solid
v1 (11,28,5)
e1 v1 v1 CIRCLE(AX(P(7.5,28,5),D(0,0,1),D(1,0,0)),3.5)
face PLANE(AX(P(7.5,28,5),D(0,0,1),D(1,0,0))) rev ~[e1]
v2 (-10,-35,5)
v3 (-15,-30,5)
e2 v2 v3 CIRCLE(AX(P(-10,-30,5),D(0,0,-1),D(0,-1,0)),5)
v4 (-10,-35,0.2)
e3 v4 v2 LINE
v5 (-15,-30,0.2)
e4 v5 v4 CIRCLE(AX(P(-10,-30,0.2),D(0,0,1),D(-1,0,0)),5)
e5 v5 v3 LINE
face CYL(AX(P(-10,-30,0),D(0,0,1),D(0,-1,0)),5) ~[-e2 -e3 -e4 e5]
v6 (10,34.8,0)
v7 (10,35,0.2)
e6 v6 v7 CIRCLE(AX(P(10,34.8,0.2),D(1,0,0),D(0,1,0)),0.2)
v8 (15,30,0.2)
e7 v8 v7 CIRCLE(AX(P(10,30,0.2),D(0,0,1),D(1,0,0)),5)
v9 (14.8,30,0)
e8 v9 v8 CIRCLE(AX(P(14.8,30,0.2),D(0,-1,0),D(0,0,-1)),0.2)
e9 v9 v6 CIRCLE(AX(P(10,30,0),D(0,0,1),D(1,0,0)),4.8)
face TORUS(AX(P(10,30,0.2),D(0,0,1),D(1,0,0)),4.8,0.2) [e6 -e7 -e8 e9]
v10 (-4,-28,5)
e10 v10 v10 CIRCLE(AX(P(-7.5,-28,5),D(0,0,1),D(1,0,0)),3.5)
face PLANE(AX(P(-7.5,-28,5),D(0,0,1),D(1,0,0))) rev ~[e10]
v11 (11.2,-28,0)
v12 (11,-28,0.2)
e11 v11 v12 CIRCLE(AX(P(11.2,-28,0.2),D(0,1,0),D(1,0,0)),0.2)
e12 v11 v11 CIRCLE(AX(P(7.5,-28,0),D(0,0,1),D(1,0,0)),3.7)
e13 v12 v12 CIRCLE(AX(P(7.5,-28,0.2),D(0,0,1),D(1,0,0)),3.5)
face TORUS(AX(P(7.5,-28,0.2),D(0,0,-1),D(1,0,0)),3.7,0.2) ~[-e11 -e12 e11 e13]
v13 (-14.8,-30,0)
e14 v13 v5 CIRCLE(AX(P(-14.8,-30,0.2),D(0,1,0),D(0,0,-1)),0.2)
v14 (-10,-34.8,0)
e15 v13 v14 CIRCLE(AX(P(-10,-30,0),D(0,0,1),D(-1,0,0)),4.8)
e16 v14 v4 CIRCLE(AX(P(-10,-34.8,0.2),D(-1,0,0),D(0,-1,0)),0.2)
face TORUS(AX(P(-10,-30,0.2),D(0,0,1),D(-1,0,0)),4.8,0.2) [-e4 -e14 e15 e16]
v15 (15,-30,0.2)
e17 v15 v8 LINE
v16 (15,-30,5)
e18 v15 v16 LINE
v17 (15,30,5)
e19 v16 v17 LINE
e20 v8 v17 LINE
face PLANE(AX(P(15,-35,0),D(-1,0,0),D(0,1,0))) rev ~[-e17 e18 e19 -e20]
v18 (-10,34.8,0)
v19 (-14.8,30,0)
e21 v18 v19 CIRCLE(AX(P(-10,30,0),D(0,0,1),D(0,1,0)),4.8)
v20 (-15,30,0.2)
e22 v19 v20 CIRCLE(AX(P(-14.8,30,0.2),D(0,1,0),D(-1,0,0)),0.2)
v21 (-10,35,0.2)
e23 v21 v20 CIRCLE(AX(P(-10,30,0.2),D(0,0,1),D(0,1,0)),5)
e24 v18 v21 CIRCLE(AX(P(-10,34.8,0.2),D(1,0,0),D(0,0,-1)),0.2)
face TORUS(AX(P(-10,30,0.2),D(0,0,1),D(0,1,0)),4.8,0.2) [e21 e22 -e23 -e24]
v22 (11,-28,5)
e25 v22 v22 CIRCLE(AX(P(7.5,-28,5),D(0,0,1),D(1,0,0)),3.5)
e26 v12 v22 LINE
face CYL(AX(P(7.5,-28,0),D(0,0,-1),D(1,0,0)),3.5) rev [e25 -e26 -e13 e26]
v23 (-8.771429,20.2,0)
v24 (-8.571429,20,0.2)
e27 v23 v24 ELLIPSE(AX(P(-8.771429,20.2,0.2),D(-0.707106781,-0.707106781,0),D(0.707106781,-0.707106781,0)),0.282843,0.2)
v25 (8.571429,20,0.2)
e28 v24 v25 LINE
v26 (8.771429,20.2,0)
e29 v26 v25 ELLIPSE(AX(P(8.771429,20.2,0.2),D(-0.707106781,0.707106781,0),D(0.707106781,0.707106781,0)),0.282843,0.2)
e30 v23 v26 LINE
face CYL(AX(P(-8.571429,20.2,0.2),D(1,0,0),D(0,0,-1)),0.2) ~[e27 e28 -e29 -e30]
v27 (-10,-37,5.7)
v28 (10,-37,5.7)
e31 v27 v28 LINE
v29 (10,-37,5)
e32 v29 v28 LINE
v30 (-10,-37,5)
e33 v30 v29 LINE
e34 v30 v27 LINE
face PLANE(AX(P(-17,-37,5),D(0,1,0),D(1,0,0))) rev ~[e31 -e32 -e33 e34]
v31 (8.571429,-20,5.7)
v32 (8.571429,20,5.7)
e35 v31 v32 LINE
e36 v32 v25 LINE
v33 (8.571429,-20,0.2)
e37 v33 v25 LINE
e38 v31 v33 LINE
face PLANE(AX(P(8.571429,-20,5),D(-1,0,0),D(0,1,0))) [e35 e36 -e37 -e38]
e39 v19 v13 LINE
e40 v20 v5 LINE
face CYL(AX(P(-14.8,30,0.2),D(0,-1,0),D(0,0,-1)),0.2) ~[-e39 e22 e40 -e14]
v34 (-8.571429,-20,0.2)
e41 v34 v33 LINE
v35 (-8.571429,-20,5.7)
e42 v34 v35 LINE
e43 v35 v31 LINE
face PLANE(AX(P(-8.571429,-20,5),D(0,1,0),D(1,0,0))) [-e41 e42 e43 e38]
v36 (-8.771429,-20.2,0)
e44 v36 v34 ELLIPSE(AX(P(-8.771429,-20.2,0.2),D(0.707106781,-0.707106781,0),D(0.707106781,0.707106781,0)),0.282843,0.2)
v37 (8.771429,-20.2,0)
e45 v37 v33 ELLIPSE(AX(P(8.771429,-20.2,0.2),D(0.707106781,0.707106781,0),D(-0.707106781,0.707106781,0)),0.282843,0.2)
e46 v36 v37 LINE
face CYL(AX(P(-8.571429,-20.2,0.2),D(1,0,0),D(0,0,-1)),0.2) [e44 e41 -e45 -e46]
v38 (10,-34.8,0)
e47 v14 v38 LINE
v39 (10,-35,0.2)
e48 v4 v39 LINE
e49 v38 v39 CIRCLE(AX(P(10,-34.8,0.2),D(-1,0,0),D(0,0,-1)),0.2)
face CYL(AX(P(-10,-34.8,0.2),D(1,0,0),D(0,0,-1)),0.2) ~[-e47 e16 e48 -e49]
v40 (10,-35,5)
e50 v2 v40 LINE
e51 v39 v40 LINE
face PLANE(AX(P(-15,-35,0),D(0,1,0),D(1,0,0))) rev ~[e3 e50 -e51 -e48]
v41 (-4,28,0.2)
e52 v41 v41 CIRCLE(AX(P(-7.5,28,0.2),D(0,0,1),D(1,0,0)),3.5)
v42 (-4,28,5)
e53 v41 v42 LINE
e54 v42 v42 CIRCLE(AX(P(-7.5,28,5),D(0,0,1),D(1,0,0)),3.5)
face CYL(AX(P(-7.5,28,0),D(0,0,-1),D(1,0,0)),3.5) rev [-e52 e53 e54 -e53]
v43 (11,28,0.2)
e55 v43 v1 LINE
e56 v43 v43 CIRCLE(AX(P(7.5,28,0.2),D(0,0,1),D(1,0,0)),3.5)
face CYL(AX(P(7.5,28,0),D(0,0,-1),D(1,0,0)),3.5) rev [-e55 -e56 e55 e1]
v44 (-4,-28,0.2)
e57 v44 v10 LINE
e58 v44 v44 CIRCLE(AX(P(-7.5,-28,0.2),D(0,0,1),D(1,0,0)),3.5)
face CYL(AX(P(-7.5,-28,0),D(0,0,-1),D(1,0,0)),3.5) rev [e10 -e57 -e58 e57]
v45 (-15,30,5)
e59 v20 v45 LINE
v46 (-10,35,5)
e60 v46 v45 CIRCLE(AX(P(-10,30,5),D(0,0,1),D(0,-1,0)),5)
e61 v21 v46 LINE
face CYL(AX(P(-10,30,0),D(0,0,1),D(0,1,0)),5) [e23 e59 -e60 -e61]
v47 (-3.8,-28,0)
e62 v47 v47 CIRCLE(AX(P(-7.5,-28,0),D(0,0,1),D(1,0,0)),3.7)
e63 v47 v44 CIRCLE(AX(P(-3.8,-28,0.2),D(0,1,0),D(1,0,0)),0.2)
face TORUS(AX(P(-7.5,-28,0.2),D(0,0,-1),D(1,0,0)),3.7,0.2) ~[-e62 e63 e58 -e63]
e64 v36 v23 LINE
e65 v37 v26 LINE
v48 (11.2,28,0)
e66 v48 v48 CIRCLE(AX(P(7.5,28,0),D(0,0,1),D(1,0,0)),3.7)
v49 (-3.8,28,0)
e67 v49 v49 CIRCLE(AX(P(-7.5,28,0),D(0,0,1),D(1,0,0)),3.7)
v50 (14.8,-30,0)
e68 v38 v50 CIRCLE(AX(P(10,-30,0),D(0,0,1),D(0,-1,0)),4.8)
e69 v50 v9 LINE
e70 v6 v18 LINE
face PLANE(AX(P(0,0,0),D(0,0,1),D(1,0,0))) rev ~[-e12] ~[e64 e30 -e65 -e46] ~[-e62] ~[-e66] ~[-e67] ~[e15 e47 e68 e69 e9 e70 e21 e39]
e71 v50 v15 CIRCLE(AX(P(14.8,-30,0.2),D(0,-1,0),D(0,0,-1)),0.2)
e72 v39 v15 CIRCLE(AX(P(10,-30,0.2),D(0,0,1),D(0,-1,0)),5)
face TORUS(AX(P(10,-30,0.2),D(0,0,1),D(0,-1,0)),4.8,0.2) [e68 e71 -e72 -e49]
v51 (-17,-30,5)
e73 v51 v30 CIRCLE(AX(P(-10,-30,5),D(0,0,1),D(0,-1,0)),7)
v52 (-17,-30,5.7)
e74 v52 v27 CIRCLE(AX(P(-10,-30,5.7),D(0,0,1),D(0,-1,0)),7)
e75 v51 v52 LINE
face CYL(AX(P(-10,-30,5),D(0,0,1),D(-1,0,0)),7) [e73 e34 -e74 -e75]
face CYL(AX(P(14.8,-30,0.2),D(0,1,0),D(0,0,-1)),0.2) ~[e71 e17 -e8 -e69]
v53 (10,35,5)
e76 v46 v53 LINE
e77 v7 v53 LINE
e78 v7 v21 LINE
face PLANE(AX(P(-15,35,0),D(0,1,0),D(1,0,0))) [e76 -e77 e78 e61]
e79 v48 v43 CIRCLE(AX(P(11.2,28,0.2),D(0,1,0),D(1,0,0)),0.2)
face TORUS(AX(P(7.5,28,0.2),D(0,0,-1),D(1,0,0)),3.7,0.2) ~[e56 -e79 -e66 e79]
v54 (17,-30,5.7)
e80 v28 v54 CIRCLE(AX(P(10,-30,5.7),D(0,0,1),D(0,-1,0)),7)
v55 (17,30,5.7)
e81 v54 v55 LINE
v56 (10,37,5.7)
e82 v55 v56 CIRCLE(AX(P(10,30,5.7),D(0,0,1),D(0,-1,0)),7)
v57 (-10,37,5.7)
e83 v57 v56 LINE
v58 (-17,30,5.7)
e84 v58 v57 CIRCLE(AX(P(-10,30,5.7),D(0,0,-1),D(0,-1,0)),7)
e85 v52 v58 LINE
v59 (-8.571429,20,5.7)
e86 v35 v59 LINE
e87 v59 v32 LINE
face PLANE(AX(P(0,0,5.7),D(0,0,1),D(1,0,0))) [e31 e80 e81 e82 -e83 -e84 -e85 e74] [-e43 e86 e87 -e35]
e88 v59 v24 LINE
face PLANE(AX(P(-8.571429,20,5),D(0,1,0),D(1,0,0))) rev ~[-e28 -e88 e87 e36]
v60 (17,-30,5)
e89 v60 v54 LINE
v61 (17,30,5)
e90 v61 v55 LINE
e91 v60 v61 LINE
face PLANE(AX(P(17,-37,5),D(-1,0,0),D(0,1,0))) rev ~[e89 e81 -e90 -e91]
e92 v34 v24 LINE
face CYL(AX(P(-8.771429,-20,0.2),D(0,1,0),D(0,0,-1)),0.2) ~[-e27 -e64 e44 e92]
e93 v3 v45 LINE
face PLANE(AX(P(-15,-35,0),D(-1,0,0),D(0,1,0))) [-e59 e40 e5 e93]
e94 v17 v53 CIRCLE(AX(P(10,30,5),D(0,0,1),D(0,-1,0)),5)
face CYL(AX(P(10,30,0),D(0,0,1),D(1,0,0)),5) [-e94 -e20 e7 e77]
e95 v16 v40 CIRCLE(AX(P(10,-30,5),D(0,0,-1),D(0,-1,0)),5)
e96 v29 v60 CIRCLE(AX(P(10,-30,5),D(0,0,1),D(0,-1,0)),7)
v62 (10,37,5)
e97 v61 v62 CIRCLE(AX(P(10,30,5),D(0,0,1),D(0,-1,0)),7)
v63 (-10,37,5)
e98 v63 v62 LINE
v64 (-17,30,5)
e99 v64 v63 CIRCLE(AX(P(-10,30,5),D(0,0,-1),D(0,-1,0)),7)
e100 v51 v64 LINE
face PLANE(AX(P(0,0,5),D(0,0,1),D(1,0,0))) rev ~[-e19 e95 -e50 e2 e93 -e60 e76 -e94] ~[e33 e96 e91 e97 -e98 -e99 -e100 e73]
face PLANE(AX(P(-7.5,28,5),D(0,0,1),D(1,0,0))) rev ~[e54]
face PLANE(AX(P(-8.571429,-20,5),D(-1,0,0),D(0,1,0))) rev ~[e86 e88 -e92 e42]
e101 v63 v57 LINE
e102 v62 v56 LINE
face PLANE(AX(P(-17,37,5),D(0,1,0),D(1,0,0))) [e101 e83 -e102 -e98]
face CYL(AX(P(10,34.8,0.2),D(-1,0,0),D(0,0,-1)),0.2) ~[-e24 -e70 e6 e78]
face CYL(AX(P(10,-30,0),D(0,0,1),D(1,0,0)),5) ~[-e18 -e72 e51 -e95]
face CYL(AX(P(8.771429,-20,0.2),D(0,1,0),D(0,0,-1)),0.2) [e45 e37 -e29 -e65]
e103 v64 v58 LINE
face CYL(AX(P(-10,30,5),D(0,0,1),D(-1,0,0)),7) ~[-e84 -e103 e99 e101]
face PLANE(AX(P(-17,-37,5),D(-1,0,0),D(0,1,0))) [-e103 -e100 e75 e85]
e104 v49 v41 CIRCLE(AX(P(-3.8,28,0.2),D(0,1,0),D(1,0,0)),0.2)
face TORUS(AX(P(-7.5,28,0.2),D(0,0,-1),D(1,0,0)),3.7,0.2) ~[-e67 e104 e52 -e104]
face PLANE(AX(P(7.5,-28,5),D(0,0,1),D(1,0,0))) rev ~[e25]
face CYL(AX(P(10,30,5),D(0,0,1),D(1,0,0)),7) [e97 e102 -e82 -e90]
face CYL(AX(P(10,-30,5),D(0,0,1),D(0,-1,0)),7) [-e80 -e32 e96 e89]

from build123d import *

# Parameters (mm, degrees)
SKETCH4_W           = 30
SKETCH4_H           = 70
SKETCH4_R           = 3.5
SKETCH4_W_2         = 17.142857142
SKETCH4_H_2         = 40
BOSS_EXTRUDE1_DEPTH = 5
SKETCH5_W           = 34
SKETCH5_H           = 74
SKETCH5_W_2         = 30
SKETCH5_H_2         = 70
SKETCH5_R           = 3.5
SKETCH5_W_3         = 17.142857142
SKETCH5_H_3         = 40
BOSS_EXTRUDE2_DEPTH = 0.7
FILLET1_R           = 5
FILLET2_R           = 0.2
FILLET3_R           = 7


with BuildPart() as part:
    # Sketch4 → Boss-Extrude1 (new body)
    with BuildSketch(Plane.XY):
        Rectangle(SKETCH4_W, SKETCH4_H)
        with Locations((7.5, 28)):
            Circle(SKETCH4_R, mode=Mode.SUBTRACT)
        with Locations((-7.5, 28)):
            Circle(SKETCH4_R, mode=Mode.SUBTRACT)
        with Locations((7.5, -28)):
            Circle(SKETCH4_R, mode=Mode.SUBTRACT)
        with Locations((-7.5, -28)):
            Circle(SKETCH4_R, mode=Mode.SUBTRACT)
        Rectangle(SKETCH4_W_2, SKETCH4_H_2, mode=Mode.SUBTRACT)
    extrude(amount=BOSS_EXTRUDE1_DEPTH)

    # Sketch5 → Boss-Extrude2 (add)
    # profile 1 of 6: a face of its own
    with BuildSketch(Plane.XY.offset(5)):
        Rectangle(SKETCH5_W, SKETCH5_H)
        Rectangle(SKETCH5_W_2, SKETCH5_H_2, mode=Mode.SUBTRACT)
    # profile 2 of 6: a face of its own
    with BuildSketch(Plane.XY.offset(5)):
        Rectangle(SKETCH5_W_2, SKETCH5_H_2)
        with Locations((-7.5, 28)):
            Circle(SKETCH5_R, mode=Mode.SUBTRACT)
        with Locations((-7.5, -28)):
            Circle(SKETCH5_R, mode=Mode.SUBTRACT)
        with Locations((7.5, -28)):
            Circle(SKETCH5_R, mode=Mode.SUBTRACT)
        with Locations((7.5, 28)):
            Circle(SKETCH5_R, mode=Mode.SUBTRACT)
        Rectangle(SKETCH5_W_3, SKETCH5_H_3, mode=Mode.SUBTRACT)
    # profile 3 of 6: a face of its own
    with BuildSketch(Plane.XY.offset(5)):
        with Locations((7.5, -28)):
            Circle(SKETCH5_R)
    # profile 4 of 6: a face of its own
    with BuildSketch(Plane.XY.offset(5)):
        with Locations((-7.5, -28)):
            Circle(SKETCH5_R)
    # profile 5 of 6: a face of its own
    with BuildSketch(Plane.XY.offset(5)):
        with Locations((7.5, 28)):
            Circle(SKETCH5_R)
    # profile 6 of 6: a face of its own
    with BuildSketch(Plane.XY.offset(5)):
        with Locations((-7.5, 28)):
            Circle(SKETCH5_R)
    extrude(amount=BOSS_EXTRUDE2_DEPTH)

    # Fillet1
    fillet1_edges = [part.edges().sort_by_distance(p)[0] for p in [
        (-15, 35, 2.5),
        (15, 35, 2.5),
        (15, -35, 2.5),
        (-15, -35, 2.5),
    ]]
    fillet(fillet1_edges, radius=FILLET1_R)

    # Fillet2
    fillet2_edges = [part.edges().sort_by_distance(p)[0] for p in [
        (-11, -28, 0),
        (4, -28, 0),
        (8.571428571, 0, 0),
        (0, 20, 0),
        (-8.571428571, 0, 0),
        (0, -20, 0),
        (-11, 28, 0),
        (4, 28, 0),
        (15, 0, 0),
        (-15, 0, 0),
        (0, 35, 0),
        (0, -35, 0),
        (13.535533906, 33.535533906, 0),
        (-13.535533906, 33.535533906, 0),
        (-13.535533906, -33.535533906, 0),
        (13.535533906, -33.535533906, 0),
    ]]
    fillet(fillet2_edges, radius=FILLET2_R)

    # Fillet3
    fillet3_edges = [part.edges().sort_by_distance(p)[0] for p in [
        (17, 37, 5.35),
        (-17, 37, 5.35),
        (-17, -37, 5.35),
        (17, -37, 5.35),
    ]]
    fillet(fillet3_edges, radius=FILLET3_R)


solid = part.part
